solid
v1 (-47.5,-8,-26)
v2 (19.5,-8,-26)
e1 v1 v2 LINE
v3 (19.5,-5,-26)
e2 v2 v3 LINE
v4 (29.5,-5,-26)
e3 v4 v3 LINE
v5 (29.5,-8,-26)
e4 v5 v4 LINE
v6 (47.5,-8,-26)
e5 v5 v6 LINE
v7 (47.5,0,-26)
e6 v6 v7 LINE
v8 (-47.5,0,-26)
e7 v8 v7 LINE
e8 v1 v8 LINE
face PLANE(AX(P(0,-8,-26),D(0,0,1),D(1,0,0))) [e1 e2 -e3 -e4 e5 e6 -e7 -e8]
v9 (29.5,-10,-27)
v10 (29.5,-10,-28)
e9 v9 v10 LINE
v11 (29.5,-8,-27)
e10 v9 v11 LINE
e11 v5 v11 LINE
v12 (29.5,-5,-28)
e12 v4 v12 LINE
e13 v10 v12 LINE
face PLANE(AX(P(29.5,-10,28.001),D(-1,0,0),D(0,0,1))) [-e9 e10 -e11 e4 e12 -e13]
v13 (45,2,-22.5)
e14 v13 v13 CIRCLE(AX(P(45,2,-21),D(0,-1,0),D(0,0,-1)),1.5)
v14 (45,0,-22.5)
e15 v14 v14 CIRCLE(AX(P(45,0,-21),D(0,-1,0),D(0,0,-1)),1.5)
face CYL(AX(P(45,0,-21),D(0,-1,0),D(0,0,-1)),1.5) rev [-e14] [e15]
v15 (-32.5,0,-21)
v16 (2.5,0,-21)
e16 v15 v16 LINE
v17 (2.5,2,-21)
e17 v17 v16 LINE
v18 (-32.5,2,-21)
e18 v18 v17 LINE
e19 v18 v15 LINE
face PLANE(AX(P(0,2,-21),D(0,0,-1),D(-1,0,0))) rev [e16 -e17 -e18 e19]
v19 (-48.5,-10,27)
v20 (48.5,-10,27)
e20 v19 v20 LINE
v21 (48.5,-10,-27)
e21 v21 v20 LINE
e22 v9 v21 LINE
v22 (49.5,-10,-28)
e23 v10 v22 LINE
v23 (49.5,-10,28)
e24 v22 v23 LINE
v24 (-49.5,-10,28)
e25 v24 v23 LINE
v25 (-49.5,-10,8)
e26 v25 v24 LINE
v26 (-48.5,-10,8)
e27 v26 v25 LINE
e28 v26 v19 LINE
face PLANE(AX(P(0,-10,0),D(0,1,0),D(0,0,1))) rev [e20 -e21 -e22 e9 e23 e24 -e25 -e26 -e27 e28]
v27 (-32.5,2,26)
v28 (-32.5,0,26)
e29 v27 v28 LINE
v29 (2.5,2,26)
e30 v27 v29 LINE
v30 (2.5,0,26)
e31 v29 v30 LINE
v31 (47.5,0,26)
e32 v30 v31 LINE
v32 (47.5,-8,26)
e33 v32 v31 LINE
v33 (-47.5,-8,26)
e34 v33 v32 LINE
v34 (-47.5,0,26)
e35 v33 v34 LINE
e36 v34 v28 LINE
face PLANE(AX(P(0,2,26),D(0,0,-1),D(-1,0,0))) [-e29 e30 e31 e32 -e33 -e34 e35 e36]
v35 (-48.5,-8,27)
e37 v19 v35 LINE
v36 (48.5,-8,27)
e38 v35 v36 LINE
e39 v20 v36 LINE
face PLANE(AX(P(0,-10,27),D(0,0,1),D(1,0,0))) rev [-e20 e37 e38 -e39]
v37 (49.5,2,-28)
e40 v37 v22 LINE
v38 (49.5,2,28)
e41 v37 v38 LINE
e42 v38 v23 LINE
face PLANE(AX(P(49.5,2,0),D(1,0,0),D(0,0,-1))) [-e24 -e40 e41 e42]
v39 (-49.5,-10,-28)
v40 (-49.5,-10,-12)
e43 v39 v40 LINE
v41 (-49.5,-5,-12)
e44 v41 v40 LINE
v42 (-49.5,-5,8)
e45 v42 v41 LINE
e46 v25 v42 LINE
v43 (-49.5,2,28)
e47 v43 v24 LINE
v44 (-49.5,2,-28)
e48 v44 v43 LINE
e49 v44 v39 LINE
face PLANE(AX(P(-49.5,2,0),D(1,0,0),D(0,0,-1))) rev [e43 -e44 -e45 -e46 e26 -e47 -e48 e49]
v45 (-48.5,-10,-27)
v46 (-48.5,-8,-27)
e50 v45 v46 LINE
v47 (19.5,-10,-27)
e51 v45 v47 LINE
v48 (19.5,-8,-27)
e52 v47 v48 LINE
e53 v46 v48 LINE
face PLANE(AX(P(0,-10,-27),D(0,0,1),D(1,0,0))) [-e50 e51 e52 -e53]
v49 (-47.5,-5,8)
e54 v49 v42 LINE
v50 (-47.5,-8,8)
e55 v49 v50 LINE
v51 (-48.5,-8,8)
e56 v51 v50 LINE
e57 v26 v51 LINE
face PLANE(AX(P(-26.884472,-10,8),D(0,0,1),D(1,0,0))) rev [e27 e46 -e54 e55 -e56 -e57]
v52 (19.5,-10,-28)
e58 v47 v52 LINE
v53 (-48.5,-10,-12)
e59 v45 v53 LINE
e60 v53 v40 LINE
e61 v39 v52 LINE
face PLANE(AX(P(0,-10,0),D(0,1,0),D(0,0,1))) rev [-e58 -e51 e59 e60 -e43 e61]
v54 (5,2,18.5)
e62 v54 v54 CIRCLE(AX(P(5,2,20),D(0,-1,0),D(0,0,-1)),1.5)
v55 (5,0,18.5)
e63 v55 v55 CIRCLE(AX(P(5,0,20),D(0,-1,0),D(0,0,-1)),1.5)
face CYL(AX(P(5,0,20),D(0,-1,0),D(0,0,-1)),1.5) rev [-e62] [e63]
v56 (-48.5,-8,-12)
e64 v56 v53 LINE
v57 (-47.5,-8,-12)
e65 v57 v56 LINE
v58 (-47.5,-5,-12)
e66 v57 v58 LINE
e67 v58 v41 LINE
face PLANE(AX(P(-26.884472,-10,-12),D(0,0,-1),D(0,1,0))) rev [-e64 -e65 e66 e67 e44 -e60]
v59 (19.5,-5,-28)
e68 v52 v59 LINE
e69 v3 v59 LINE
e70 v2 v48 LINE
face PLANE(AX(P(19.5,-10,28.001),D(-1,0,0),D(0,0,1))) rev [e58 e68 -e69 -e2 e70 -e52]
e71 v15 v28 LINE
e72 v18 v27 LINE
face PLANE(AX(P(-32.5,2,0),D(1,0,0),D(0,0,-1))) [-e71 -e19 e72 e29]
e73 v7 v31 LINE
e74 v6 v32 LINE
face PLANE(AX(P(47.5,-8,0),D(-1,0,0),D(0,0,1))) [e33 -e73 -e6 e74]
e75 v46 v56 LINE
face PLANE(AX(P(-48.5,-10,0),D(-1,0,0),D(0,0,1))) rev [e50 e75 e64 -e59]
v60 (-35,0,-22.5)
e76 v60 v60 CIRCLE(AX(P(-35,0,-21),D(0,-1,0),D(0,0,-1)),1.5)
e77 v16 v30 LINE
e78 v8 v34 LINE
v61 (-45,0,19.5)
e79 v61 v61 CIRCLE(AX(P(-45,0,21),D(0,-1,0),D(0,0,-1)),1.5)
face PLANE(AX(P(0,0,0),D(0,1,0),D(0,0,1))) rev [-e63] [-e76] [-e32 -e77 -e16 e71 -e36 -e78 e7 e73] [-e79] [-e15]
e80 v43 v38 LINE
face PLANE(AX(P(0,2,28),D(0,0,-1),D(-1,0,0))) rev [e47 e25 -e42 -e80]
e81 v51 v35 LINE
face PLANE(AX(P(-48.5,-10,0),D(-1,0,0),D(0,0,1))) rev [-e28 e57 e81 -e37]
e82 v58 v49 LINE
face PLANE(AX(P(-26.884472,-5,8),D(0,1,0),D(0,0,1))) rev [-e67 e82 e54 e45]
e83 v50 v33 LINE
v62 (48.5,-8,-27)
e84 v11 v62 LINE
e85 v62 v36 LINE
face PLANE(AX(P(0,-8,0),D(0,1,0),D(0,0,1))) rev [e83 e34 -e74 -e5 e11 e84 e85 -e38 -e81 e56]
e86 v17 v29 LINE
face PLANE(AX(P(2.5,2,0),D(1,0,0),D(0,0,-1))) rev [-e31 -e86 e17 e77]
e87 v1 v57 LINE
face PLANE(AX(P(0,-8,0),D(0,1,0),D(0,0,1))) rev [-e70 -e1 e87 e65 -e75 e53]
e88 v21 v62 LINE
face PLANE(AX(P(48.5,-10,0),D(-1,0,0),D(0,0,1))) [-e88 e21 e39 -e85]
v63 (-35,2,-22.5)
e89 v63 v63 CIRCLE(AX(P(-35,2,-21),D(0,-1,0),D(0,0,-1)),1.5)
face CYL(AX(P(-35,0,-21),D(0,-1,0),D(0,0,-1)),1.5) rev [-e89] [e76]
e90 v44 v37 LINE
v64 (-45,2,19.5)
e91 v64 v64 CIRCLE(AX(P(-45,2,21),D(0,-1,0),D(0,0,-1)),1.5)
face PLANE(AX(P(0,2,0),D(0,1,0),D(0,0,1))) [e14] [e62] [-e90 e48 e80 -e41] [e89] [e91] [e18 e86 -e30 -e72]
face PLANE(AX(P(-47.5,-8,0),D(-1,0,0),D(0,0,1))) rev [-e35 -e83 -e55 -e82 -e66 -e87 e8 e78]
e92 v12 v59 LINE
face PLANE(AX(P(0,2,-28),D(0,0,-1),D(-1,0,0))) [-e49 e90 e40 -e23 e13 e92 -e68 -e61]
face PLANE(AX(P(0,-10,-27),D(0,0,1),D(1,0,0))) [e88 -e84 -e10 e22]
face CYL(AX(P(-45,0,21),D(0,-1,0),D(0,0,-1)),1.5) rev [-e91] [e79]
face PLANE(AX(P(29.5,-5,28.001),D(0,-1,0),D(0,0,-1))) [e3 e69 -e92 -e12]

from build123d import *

# Parameters (mm, degrees)
SKETCH1_W                = 99
SKETCH1_H                = 56
SKETCH1_W_2              = 97
SKETCH1_H_2              = 54
SKETCH1_W_3              = 95
SKETCH1_H_3              = 52
BOSS_EXTRUDE1_DEPTH      = 2
SKETCH1_3_W              = 99
SKETCH1_3_H              = 56
SKETCH1_3_W_2            = 97
SKETCH1_3_H_2            = 54
BOSS_EXTRUDE2_DEPTH      = 10
SKETCH1_4_W              = 97
SKETCH1_4_H              = 54
SKETCH1_4_W_2            = 95
SKETCH1_4_H_2            = 52
BOSS_EXTRUDE3_DEPTH      = 8
F_3_0_3_DIAMETER_HOLE1_D = 3
CUT_EXTRUDE1_REACH       = 105.368
SKETCH7_W                = 20
SKETCH7_H                = 5
CUT_EXTRUDE2_REACH       = 77.407
SKETCH8_W                = 10
SKETCH8_H                = 5


with BuildPart() as part:
    # Sketch1 → Boss-Extrude1 (new body)
    with BuildSketch(Plane(origin=(0, 0, 0), x_dir=(1, 0, 0), z_dir=(0, 1, 0))):
        Rectangle(SKETCH1_W, SKETCH1_H)
        Rectangle(SKETCH1_W_2, SKETCH1_H_2, mode=Mode.SUBTRACT)
        Rectangle(SKETCH1_W_2, SKETCH1_H_2)
        Rectangle(SKETCH1_W_3, SKETCH1_H_3, mode=Mode.SUBTRACT)
        Polygon((47.5, 26), (-47.5, 26), (-47.5, -26), (-32.5, -26), (-32.5, 21), (2.5, 21), (2.5, -26), (47.5, -26), align=None)
    extrude(amount=BOSS_EXTRUDE1_DEPTH)

    # Sketch1<3> → Boss-Extrude2 (add)
    with BuildSketch(Plane(origin=(0, 0, 0), x_dir=(1, 0, 0), z_dir=(0, 1, 0))):
        Rectangle(SKETCH1_3_W, SKETCH1_3_H)
        Rectangle(SKETCH1_3_W_2, SKETCH1_3_H_2, mode=Mode.SUBTRACT)
    extrude(amount=-BOSS_EXTRUDE2_DEPTH)

    # Sketch1<4> → Boss-Extrude3 (add)
    with BuildSketch(Plane(origin=(0, 0, 0), x_dir=(1, 0, 0), z_dir=(0, 1, 0))):
        Rectangle(SKETCH1_4_W, SKETCH1_4_H)
        Rectangle(SKETCH1_4_W_2, SKETCH1_4_H_2, mode=Mode.SUBTRACT)
    extrude(amount=-BOSS_EXTRUDE3_DEPTH)

    # Ø3.0 (3) Diameter Hole1 (through all)
    with Locations(Plane(origin=(0, 0, 0), x_dir=(-1, 0, 0), z_dir=(0, -1, 0))):
        with Locations((-45, 21), (45, -21), (35, 21), (-5, -20)):
            Hole(F_3_0_3_DIAMETER_HOLE1_D / 2)

    # Cut-Extrude1: up to this face of the body (flat: up to its plane)
    cut_extrude1_end = Plane(part.part.faces().sort_by_distance((-47.5, -4, 0))[0])
    # Sketch7 → Cut-Extrude1 (cut, up to the picked face)
    with BuildSketch(Plane.ZY.offset(49.5), mode=Mode.PRIVATE) as cut_extrude1_sk1:
        with Locations((-2, -7.5)):
            Rectangle(SKETCH7_W, SKETCH7_H)
    cut_extrude1_tool1 = split(extrude(cut_extrude1_sk1.sketch, amount=-CUT_EXTRUDE1_REACH, mode=Mode.PRIVATE), bisect_by=cut_extrude1_end, keep=Keep.BOTH, mode=Mode.PRIVATE)
    add(cut_extrude1_tool1.solids().sort_by(Axis((-49.5, -7.5, -2), (1, 0, 0)))[0], mode=Mode.SUBTRACT)

    # Sketch8 → Cut-Extrude2 (cut, up to next)
    with BuildSketch(Plane(origin=(0, 0, -28), x_dir=(-1, 0, 0), z_dir=(0, 0, -1)), mode=Mode.PRIVATE) as cut_extrude2_sk1:
        with Locations((-24.5, -7.5)):
            Rectangle(SKETCH8_W, SKETCH8_H)
    cut_extrude2_tool1 = extrude(cut_extrude2_sk1.sketch, amount=-CUT_EXTRUDE2_REACH, mode=Mode.PRIVATE) & part.part
    add(cut_extrude2_tool1.solids().sort_by_distance((24.5, -7.5, -28))[0], mode=Mode.SUBTRACT)


solid = part.part
